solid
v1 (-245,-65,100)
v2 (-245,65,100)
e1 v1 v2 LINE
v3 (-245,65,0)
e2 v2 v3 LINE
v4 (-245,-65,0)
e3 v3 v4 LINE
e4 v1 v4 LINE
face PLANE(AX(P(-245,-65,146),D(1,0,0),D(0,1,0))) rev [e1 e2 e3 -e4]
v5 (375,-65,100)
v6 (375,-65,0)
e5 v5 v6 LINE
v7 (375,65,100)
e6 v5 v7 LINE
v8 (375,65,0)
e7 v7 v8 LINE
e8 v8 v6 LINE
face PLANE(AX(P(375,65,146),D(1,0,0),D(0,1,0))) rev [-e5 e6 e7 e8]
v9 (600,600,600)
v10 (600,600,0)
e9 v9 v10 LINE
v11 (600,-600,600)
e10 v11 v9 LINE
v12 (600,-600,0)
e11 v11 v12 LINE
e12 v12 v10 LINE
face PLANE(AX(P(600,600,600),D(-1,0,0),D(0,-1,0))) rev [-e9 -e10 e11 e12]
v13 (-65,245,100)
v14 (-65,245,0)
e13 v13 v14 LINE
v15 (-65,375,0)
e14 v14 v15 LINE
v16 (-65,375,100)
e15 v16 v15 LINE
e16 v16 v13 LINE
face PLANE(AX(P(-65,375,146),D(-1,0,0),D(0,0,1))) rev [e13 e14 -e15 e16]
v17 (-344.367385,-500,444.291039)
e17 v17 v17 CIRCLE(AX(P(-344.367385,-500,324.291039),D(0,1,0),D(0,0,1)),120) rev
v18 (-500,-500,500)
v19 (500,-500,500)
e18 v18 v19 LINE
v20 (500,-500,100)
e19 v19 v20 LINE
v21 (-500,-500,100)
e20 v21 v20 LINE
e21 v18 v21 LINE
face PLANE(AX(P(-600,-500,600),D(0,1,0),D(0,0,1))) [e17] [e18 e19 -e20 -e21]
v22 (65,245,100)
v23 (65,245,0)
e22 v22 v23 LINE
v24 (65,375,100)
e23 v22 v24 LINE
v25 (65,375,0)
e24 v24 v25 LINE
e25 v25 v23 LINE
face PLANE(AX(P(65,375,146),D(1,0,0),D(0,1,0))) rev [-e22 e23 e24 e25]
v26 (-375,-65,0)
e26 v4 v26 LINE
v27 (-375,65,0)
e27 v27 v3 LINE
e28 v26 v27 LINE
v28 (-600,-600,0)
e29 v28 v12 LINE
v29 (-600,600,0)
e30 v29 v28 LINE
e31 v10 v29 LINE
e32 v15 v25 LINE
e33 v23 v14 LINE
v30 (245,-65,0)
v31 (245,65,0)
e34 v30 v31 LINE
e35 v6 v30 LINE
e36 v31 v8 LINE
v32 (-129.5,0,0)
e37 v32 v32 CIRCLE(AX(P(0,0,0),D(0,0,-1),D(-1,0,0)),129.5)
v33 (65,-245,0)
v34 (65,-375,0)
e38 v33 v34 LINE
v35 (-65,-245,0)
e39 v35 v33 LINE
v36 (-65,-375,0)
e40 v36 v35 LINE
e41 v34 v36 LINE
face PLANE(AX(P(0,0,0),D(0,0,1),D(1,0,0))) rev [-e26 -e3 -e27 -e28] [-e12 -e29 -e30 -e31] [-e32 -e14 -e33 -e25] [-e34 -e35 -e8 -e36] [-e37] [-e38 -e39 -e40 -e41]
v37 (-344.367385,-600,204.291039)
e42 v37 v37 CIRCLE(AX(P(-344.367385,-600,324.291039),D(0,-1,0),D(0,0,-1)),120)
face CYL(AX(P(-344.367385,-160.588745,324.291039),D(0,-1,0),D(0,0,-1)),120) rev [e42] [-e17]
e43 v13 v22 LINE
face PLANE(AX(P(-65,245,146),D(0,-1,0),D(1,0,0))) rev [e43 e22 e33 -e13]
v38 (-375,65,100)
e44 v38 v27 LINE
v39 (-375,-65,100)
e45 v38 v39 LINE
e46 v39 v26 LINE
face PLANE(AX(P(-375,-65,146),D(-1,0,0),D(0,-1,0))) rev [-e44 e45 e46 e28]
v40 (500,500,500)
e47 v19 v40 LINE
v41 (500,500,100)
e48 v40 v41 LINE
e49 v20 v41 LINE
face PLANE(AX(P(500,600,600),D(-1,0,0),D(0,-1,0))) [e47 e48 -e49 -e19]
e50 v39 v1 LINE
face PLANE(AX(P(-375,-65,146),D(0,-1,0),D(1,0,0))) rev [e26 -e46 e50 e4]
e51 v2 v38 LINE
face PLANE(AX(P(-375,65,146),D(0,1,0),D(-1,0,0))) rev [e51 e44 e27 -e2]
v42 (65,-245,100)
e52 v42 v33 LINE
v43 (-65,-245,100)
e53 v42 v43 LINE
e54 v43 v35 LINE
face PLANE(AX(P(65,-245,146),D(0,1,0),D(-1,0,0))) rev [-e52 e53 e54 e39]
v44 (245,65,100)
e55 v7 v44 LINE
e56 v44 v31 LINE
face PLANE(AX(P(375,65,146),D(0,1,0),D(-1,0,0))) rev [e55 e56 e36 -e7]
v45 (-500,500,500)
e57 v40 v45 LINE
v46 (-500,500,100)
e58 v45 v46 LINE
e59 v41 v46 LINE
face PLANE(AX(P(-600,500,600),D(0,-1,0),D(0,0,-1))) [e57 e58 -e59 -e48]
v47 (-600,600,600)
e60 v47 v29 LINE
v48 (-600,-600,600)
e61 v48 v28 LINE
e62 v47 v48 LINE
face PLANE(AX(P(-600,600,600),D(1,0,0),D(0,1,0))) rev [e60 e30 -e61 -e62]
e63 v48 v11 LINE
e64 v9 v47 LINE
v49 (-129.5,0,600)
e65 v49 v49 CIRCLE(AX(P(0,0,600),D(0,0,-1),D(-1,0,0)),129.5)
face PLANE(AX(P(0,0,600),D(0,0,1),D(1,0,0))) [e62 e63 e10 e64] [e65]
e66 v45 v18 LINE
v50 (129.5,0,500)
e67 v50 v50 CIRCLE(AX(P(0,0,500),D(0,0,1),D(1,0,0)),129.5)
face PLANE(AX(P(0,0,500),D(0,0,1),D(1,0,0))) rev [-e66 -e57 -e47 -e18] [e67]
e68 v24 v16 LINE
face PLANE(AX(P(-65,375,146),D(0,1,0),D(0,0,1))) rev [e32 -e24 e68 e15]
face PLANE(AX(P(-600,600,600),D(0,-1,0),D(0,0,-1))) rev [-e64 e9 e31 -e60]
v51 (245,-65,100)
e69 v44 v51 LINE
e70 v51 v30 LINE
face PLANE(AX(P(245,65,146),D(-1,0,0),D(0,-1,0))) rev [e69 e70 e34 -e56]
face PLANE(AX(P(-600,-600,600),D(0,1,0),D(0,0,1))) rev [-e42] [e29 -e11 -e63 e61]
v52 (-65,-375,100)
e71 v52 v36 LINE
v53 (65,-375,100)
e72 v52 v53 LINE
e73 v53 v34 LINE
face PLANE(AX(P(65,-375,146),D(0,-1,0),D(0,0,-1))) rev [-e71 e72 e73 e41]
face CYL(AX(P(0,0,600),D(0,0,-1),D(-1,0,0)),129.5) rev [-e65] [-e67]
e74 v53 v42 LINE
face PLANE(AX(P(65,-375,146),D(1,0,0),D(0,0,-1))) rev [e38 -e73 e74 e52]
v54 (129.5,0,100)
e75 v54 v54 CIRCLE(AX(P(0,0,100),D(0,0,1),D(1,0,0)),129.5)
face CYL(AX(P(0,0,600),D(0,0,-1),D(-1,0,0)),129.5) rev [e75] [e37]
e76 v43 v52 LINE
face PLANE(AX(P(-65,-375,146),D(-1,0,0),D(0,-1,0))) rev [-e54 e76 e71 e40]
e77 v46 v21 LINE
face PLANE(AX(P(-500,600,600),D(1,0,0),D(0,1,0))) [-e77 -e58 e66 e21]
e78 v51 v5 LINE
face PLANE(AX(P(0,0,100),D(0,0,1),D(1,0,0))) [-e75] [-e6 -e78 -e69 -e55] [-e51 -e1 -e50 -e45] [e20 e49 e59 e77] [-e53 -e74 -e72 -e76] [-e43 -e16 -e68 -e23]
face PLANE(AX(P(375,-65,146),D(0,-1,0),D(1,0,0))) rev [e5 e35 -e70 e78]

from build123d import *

# Parameters (mm, degrees)
SKETCH2_W           = 1200
SKETCH2_H           = 1200
BOSS_EXTRUDE1_DEPTH = 600
SHELL1_T            = -100
SKETCH4_W           = 1200
SKETCH4_H           = 1200
BOSS_EXTRUDE2_DEPTH = 100
SKETCH5_R           = 129.5
CUT_EXTRUDE2_DEPTH  = 601
SKETCH7_W           = 130
SKETCH7_H           = 130
CUT_EXTRUDE3_DEPTH  = 146
CIRPATTERN1_COUNT   = 4
SKETCH8_R           = 120
CUT_EXTRUDE4_DEPTH  = 100


with BuildPart() as part:
    # Sketch2 → Boss-Extrude1 (new body)
    with BuildSketch(Plane.XY):
        Rectangle(SKETCH2_W, SKETCH2_H)
    extrude(amount=BOSS_EXTRUDE1_DEPTH)

    # Shell1
    shell1_openings = [part.faces().sort_by_distance(p)[0] for p in [
        (0, 0, 600),
    ]]
    offset(amount=SHELL1_T, openings=shell1_openings, kind=Kind.INTERSECTION)

    # Sketch4 → Boss-Extrude2 (add)
    with BuildSketch(Plane.XY.offset(600)):
        Rectangle(SKETCH4_W, SKETCH4_H)
    extrude(amount=-BOSS_EXTRUDE2_DEPTH)

    # Sketch5 → Cut-Extrude2 (cut, through all)
    with BuildSketch(Plane(origin=(0, 0, 0), x_dir=(-1, 0, 0), z_dir=(0, 0, -1))):
        Circle(SKETCH5_R)
    extrude(amount=-CUT_EXTRUDE2_DEPTH, mode=Mode.SUBTRACT)

    # Sketch7 → Cut-Extrude3 (cut)
    with BuildSketch(Plane(origin=(0, 0, 0), x_dir=(-1, 0, 0), z_dir=(0, 0, -1))):
        with Locations((0, 310)):
            Rectangle(SKETCH7_W, SKETCH7_H)
    cut_extrude3 = extrude(amount=-CUT_EXTRUDE3_DEPTH, mode=Mode.SUBTRACT)

    # CirPattern1: Cut-Extrude3 ×4 about axis
    cirpattern1_axis = Axis((0, 0, 0), (0, 0, 1))
    for i in range(1, CIRPATTERN1_COUNT):
        add(cut_extrude3.rotate(cirpattern1_axis, i * 360 / CIRPATTERN1_COUNT), mode=Mode.SUBTRACT)

    # Sketch8 → Cut-Extrude4 (cut)
    with BuildSketch(Plane.XZ.offset(600)):
        with Locations((-344.367385343, 324.291039311)):
            Circle(SKETCH8_R)
    extrude(amount=-CUT_EXTRUDE4_DEPTH, mode=Mode.SUBTRACT)


solid = part.part
